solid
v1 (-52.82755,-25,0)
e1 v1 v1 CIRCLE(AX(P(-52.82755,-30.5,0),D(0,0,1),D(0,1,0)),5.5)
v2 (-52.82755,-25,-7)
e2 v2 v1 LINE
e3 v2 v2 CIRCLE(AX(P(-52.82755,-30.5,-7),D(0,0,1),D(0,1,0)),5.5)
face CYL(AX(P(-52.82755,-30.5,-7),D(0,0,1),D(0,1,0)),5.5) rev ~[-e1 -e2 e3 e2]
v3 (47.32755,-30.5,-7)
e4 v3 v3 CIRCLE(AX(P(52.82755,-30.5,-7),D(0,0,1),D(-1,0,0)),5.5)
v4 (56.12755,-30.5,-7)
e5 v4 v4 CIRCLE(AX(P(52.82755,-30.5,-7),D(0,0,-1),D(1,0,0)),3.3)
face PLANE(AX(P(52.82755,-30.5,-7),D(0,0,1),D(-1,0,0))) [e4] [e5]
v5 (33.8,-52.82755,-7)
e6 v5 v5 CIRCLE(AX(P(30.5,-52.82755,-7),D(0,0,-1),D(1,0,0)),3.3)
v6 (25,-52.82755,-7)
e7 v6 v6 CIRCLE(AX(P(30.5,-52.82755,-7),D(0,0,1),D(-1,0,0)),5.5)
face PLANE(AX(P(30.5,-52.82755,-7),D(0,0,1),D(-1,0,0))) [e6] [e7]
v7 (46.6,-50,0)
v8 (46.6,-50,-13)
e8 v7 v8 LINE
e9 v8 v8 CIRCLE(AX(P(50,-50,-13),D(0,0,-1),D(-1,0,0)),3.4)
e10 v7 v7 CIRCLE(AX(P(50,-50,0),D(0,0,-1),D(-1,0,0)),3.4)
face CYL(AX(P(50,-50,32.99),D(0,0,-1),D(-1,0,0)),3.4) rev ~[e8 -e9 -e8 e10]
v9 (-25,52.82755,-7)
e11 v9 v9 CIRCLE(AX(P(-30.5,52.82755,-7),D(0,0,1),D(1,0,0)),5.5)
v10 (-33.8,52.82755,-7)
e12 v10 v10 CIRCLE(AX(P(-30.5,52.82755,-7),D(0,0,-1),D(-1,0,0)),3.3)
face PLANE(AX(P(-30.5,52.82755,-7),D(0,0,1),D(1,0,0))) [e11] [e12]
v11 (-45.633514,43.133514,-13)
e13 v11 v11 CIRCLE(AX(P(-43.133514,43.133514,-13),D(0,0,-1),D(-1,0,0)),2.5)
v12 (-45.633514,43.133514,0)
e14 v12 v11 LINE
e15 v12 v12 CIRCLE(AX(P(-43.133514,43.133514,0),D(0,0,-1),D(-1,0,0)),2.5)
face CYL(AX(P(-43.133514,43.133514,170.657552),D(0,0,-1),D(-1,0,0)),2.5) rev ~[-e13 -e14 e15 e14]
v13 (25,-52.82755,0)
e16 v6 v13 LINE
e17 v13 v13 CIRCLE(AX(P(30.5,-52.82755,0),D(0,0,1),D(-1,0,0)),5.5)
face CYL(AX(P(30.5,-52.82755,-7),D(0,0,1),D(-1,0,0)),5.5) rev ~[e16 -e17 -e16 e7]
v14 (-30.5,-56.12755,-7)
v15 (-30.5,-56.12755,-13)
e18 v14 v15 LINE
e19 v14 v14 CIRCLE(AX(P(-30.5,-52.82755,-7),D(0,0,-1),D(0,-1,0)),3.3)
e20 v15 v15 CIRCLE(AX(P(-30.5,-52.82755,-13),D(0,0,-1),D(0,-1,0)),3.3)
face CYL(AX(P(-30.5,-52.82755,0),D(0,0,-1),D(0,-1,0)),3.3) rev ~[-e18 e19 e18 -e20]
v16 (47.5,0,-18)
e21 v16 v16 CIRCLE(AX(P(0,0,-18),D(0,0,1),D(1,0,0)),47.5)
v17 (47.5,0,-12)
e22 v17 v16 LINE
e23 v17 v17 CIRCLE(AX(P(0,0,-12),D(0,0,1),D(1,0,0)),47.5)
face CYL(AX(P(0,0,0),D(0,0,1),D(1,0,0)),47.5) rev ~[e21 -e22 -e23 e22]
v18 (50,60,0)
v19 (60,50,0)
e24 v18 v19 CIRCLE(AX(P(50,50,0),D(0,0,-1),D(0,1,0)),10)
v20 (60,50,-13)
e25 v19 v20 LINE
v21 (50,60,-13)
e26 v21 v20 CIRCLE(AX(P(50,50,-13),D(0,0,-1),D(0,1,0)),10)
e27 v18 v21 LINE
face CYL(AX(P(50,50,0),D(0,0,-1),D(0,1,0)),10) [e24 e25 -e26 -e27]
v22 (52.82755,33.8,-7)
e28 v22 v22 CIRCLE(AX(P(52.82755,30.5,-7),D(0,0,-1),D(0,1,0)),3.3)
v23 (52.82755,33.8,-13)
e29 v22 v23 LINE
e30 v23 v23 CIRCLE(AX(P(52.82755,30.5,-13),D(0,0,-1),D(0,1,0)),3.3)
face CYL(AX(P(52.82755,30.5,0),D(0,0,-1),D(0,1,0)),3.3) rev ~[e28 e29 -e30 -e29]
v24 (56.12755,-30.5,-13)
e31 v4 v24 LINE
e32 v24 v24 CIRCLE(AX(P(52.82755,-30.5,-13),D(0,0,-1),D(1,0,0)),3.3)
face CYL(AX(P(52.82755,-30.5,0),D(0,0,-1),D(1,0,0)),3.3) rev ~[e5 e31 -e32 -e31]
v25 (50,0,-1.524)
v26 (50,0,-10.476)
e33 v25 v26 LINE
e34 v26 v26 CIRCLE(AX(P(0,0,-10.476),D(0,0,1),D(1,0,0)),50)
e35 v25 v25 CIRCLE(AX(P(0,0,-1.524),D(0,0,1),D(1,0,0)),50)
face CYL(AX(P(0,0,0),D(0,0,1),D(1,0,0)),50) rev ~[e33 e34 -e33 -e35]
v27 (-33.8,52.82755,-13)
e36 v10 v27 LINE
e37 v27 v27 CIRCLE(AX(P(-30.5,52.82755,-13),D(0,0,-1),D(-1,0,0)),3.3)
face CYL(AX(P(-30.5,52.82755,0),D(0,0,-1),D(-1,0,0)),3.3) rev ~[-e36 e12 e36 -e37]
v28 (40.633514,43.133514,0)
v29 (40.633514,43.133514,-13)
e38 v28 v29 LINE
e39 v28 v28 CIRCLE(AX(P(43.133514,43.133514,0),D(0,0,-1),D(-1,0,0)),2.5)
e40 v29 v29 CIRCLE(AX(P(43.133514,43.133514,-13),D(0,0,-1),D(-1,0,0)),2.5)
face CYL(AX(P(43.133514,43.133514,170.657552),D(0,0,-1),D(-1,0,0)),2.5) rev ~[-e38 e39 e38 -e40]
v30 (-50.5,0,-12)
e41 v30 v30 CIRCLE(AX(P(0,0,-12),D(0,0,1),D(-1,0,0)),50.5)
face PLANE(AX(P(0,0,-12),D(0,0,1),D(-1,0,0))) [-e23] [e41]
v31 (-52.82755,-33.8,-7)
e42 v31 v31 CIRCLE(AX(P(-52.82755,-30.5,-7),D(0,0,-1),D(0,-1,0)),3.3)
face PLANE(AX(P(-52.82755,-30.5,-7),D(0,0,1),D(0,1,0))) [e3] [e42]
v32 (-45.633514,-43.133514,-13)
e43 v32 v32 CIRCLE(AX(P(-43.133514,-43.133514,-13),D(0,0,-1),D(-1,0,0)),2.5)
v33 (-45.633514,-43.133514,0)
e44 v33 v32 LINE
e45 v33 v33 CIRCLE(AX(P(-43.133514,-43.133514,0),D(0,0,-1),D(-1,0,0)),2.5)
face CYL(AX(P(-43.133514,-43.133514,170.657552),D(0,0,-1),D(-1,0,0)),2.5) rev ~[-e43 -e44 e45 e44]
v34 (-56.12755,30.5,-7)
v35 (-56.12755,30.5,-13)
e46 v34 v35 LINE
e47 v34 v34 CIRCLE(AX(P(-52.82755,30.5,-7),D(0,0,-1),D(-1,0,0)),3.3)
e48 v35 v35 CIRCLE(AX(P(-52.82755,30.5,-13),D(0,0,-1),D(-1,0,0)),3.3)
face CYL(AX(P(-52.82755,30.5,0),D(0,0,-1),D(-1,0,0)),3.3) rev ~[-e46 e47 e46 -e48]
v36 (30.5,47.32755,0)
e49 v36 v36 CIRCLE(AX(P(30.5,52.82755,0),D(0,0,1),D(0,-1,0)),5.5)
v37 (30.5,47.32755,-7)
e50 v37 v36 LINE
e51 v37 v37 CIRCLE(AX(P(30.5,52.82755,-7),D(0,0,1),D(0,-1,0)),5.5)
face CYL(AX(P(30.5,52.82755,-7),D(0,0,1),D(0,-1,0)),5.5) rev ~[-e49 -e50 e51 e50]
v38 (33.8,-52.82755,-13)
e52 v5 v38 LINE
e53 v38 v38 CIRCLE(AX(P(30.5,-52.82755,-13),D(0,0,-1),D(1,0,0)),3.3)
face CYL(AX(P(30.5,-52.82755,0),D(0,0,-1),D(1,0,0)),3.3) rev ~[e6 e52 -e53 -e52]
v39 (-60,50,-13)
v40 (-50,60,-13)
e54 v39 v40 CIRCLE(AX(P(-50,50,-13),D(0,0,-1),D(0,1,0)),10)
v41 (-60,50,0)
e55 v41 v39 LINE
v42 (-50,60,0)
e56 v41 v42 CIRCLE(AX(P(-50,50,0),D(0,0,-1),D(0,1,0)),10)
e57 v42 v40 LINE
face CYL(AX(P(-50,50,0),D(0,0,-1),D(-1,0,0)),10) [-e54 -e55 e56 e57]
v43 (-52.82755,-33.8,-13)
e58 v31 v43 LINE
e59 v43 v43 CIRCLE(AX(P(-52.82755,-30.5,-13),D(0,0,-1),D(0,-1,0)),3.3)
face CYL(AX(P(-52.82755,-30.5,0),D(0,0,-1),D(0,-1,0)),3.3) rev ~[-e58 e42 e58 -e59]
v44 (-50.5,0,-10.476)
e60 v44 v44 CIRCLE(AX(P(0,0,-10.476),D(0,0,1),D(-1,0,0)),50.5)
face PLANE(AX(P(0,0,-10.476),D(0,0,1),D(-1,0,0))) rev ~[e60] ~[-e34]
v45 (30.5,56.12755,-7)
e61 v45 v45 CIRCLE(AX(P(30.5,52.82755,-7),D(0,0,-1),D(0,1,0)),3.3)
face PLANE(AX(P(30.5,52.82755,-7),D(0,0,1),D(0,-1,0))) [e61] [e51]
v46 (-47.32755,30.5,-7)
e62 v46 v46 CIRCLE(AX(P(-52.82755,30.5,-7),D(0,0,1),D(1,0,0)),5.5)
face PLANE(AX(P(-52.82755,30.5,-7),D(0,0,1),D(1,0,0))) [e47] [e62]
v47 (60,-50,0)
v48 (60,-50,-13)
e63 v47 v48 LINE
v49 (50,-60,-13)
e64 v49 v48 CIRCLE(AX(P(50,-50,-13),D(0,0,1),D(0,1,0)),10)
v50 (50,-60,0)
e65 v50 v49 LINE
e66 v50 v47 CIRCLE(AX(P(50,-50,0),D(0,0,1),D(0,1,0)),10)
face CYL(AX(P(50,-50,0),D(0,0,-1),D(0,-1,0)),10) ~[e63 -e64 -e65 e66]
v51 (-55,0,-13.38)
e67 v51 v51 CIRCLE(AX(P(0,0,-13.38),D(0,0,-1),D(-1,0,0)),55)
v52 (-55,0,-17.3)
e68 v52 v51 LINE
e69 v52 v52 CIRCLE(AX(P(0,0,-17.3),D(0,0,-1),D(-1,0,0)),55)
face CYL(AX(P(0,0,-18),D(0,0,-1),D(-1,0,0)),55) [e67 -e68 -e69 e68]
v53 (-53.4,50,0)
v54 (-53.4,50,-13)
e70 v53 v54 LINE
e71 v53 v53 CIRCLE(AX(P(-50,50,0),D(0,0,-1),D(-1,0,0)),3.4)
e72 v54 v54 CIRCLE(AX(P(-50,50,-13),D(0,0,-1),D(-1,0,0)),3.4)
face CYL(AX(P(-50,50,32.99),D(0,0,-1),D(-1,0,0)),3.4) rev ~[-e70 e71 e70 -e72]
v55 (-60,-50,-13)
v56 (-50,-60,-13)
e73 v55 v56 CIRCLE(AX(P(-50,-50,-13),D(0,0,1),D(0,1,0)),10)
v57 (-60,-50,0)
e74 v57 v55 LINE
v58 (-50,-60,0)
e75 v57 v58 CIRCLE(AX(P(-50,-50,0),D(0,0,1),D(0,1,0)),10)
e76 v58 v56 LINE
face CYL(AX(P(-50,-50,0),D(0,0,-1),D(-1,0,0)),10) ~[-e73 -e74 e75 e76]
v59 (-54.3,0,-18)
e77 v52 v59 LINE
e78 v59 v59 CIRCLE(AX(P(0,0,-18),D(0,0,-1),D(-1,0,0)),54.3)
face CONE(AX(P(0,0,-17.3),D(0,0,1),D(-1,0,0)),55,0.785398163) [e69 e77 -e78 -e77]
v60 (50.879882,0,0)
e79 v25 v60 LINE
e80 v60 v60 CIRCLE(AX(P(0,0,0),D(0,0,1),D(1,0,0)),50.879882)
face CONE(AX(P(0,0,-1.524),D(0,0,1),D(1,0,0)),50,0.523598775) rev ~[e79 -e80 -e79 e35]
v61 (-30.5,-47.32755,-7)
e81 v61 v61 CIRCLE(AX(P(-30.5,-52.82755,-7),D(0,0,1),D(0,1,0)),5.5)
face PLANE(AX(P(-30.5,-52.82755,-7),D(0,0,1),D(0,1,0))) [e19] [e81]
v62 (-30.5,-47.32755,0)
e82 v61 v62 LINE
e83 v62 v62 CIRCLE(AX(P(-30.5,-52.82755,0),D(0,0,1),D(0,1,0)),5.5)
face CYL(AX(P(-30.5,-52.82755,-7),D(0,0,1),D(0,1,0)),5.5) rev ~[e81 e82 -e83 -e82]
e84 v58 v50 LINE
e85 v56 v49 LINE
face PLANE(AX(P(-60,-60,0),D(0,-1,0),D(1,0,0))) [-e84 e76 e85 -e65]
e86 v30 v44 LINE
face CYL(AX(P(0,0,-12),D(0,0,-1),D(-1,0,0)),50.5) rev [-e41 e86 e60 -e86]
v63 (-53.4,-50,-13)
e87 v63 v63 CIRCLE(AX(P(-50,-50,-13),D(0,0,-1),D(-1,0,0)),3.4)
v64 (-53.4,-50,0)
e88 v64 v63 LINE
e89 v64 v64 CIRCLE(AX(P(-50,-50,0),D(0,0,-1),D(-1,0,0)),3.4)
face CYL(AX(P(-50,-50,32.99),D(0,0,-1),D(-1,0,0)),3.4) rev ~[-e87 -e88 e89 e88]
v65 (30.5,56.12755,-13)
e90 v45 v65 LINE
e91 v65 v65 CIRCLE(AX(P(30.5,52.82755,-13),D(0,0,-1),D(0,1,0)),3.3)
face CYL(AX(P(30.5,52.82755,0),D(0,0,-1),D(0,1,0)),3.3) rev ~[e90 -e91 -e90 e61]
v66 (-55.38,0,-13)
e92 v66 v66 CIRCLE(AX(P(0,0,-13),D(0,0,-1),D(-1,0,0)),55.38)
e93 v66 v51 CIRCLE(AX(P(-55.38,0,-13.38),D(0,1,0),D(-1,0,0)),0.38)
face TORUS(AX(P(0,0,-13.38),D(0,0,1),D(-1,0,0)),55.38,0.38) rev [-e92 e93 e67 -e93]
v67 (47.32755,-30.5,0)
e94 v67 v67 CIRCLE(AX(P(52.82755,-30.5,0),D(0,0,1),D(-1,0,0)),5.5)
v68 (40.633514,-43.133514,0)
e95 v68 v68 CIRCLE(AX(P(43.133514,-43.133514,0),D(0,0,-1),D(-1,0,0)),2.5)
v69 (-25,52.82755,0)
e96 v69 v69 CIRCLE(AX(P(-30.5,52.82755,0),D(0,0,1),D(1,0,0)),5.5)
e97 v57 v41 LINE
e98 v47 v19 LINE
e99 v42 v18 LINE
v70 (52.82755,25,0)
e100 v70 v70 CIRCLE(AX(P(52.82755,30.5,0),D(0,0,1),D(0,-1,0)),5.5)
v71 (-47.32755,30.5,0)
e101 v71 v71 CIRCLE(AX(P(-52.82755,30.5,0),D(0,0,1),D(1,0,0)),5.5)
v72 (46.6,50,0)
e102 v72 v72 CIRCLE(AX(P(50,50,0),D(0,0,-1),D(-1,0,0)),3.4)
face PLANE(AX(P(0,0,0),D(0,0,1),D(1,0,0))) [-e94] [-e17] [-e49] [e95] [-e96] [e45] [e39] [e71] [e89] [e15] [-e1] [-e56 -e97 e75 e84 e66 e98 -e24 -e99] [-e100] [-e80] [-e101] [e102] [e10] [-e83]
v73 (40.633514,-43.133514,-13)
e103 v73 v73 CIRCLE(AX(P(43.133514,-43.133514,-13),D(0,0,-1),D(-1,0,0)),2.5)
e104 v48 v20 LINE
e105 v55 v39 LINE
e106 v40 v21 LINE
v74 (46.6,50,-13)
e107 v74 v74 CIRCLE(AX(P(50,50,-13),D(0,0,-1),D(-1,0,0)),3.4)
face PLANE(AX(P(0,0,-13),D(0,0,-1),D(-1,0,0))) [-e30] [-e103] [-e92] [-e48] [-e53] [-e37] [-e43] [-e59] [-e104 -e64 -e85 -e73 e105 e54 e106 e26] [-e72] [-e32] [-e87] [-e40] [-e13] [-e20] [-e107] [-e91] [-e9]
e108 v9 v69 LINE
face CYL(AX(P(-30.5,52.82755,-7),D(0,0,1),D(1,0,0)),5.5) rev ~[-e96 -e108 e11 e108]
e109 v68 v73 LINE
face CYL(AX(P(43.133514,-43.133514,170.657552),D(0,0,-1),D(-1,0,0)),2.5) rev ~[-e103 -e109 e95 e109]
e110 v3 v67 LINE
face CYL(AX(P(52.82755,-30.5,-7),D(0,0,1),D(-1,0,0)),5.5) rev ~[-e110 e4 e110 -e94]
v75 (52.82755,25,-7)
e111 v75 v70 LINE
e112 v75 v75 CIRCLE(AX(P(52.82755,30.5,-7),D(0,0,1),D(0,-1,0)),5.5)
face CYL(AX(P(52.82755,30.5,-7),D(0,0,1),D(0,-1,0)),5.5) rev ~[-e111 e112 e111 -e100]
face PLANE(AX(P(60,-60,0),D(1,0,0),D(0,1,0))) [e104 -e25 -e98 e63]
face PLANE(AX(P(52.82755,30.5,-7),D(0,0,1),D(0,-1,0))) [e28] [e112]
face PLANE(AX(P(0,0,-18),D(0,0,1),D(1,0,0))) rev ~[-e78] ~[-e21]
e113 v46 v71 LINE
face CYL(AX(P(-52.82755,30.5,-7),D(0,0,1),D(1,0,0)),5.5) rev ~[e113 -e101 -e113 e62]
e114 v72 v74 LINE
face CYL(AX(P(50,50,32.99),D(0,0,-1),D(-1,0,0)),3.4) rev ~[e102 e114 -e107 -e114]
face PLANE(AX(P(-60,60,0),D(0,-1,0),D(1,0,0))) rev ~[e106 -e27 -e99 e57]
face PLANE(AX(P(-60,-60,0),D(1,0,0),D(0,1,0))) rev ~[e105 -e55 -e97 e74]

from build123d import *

# Parameters (mm, degrees)
SKETCH1_W                                           = 120
SKETCH1_H                                           = 120
SKETCH1_R                                           = 47.5
BOSS_EXTRUDE1_DEPTH                                 = 18
SKETCH5_OUTSIDE_W                                   = 156.132
SKETCH5_OUTSIDE_H                                   = 156.132
SKETCH5_OUTSIDE_R                                   = 55
CUT_EXTRUDE1_DEPTH                                  = 5
SKETCH12_R                                          = 50
CUT_EXTRUDE2_DEPTH                                  = 12
CBORE_FOR_M6_HEX_SOCKET_HEAD_CAP_SCREW1_D           = 6.6
CBORE_FOR_M6_HEX_SOCKET_HEAD_CAP_SCREW1_CBORE_D     = 11
CBORE_FOR_M6_HEX_SOCKET_HEAD_CAP_SCREW1_CBORE_DEPTH = 7
CIRPATTERN1_COUNT                                   = 4
FILLET1_R                                           = 10
FILLET2_R                                           = 0.38
CHAMFER1_SIZE                                       = 0.7
M6_TAPPED_HOLE1_D                                   = 5
M8_TAPPED_HOLE1_D                                   = 6.8
M8_TAPPED_HOLE1_DEPTH                               = 32.99
M8_TAPPED_HOLE1_TIP                                 = 2.042926105
CHAMFER2_SIZE                                       = 1.524
CHAMFER2_SIZE2                                      = 0.87988181
SKETCH13_R                                          = 50.5
CUT_EXTRUDE3_DEPTH                                  = 1.524


with BuildPart() as part:
    # Sketch1 → Boss-Extrude1 (new body)
    with BuildSketch(Plane.XY):
        Rectangle(SKETCH1_W, SKETCH1_H)
        Circle(SKETCH1_R, mode=Mode.SUBTRACT)
    extrude(amount=-BOSS_EXTRUDE1_DEPTH)

    # Sketch5 outside → Cut-Extrude1 (cut)
    with BuildSketch(Plane(origin=(0, 0, -18), x_dir=(-1, 0, 0), z_dir=(0, 0, -1))):
        Rectangle(SKETCH5_OUTSIDE_W, SKETCH5_OUTSIDE_H)
        Circle(SKETCH5_OUTSIDE_R, mode=Mode.SUBTRACT)
    extrude(amount=-CUT_EXTRUDE1_DEPTH, mode=Mode.SUBTRACT)

    # Sketch12 → Cut-Extrude2 (cut)
    with BuildSketch(Plane.XY):
        Circle(SKETCH12_R)
    extrude(amount=-CUT_EXTRUDE2_DEPTH, mode=Mode.SUBTRACT)

    # CBORE for M6 Hex Socket Head Cap Screw1 (through all)
    with Locations(Plane.XY):
        with Locations((-52.827549631, 30.5), (-30.5, 52.827549631)):
            cbore_for_m6_hex_socket_head_cap_screw1 = CounterBoreHole(CBORE_FOR_M6_HEX_SOCKET_HEAD_CAP_SCREW1_D / 2, CBORE_FOR_M6_HEX_SOCKET_HEAD_CAP_SCREW1_CBORE_D / 2, CBORE_FOR_M6_HEX_SOCKET_HEAD_CAP_SCREW1_CBORE_DEPTH)

    # CirPattern1: CBORE for M6 Hex Socket Head Cap Screw1 ×4 about axis
    cirpattern1_axis = Axis((0, 0, 0), (0, 0, 1))
    for i in range(1, CIRPATTERN1_COUNT):
        add(cbore_for_m6_hex_socket_head_cap_screw1.rotate(cirpattern1_axis, i * 360 / CIRPATTERN1_COUNT), mode=Mode.SUBTRACT)

    # Fillet1
    fillet1_edges = [part.edges().sort_by_distance(p)[0] for p in [
        (-60, -60, -6.5),
        (60, -60, -6.5),
        (60, 60, -6.5),
        (-60, 60, -6.5),
    ]]
    fillet(fillet1_edges, radius=FILLET1_R)

    # Fillet2
    fillet2_edges = [part.edges().sort_by_distance(p)[0] for p in [
        (55, 0, -13),
    ]]
    fillet(fillet2_edges, radius=FILLET2_R)

    # Chamfer1
    chamfer1_edges = [part.edges().sort_by_distance(p)[0] for p in [
        (55, 0, -18),
    ]]
    chamfer(chamfer1_edges, length=CHAMFER1_SIZE)

    # M6 Tapped Hole1 (through all)
    with Locations(Plane.XY):
        with Locations((-43.133513652, -43.133513652), (-43.133513652, 43.133513652), (43.133513652, 43.133513652), (43.133513652, -43.133513652)):
            Hole(M6_TAPPED_HOLE1_D / 2)

    # M8 Tapped Hole1
    with Locations(Plane.XY):
        with Locations((-50, 50), (50, 50), (50, -50), (-50, -50)):
            Hole(M8_TAPPED_HOLE1_D / 2, depth=M8_TAPPED_HOLE1_DEPTH)
            with Locations((0, 0, -(M8_TAPPED_HOLE1_DEPTH + M8_TAPPED_HOLE1_TIP / 2))):  # 118° drill point
                Cone(0, M8_TAPPED_HOLE1_D / 2, M8_TAPPED_HOLE1_TIP, mode=Mode.SUBTRACT)

    # Chamfer2
    chamfer2_edges = [part.edges().sort_by_distance(p)[0] for p in [
        (-50, 0, 0),
    ]]
    chamfer2_side = [part.faces().sort_by_distance(p)[0] for p in [
        (-50, 0, -6),
    ]]
    chamfer(chamfer2_edges, length=CHAMFER2_SIZE, length2=CHAMFER2_SIZE2, reference=chamfer2_side[0])

    # Sketch13 → Cut-Extrude3 (cut)
    with BuildSketch(Plane.XY.offset(-12)):
        with Locations(Location((0, 0, 0), (0, 0, 180))):
            Circle(SKETCH13_R)
    extrude(amount=CUT_EXTRUDE3_DEPTH, mode=Mode.SUBTRACT)


solid = part.part
